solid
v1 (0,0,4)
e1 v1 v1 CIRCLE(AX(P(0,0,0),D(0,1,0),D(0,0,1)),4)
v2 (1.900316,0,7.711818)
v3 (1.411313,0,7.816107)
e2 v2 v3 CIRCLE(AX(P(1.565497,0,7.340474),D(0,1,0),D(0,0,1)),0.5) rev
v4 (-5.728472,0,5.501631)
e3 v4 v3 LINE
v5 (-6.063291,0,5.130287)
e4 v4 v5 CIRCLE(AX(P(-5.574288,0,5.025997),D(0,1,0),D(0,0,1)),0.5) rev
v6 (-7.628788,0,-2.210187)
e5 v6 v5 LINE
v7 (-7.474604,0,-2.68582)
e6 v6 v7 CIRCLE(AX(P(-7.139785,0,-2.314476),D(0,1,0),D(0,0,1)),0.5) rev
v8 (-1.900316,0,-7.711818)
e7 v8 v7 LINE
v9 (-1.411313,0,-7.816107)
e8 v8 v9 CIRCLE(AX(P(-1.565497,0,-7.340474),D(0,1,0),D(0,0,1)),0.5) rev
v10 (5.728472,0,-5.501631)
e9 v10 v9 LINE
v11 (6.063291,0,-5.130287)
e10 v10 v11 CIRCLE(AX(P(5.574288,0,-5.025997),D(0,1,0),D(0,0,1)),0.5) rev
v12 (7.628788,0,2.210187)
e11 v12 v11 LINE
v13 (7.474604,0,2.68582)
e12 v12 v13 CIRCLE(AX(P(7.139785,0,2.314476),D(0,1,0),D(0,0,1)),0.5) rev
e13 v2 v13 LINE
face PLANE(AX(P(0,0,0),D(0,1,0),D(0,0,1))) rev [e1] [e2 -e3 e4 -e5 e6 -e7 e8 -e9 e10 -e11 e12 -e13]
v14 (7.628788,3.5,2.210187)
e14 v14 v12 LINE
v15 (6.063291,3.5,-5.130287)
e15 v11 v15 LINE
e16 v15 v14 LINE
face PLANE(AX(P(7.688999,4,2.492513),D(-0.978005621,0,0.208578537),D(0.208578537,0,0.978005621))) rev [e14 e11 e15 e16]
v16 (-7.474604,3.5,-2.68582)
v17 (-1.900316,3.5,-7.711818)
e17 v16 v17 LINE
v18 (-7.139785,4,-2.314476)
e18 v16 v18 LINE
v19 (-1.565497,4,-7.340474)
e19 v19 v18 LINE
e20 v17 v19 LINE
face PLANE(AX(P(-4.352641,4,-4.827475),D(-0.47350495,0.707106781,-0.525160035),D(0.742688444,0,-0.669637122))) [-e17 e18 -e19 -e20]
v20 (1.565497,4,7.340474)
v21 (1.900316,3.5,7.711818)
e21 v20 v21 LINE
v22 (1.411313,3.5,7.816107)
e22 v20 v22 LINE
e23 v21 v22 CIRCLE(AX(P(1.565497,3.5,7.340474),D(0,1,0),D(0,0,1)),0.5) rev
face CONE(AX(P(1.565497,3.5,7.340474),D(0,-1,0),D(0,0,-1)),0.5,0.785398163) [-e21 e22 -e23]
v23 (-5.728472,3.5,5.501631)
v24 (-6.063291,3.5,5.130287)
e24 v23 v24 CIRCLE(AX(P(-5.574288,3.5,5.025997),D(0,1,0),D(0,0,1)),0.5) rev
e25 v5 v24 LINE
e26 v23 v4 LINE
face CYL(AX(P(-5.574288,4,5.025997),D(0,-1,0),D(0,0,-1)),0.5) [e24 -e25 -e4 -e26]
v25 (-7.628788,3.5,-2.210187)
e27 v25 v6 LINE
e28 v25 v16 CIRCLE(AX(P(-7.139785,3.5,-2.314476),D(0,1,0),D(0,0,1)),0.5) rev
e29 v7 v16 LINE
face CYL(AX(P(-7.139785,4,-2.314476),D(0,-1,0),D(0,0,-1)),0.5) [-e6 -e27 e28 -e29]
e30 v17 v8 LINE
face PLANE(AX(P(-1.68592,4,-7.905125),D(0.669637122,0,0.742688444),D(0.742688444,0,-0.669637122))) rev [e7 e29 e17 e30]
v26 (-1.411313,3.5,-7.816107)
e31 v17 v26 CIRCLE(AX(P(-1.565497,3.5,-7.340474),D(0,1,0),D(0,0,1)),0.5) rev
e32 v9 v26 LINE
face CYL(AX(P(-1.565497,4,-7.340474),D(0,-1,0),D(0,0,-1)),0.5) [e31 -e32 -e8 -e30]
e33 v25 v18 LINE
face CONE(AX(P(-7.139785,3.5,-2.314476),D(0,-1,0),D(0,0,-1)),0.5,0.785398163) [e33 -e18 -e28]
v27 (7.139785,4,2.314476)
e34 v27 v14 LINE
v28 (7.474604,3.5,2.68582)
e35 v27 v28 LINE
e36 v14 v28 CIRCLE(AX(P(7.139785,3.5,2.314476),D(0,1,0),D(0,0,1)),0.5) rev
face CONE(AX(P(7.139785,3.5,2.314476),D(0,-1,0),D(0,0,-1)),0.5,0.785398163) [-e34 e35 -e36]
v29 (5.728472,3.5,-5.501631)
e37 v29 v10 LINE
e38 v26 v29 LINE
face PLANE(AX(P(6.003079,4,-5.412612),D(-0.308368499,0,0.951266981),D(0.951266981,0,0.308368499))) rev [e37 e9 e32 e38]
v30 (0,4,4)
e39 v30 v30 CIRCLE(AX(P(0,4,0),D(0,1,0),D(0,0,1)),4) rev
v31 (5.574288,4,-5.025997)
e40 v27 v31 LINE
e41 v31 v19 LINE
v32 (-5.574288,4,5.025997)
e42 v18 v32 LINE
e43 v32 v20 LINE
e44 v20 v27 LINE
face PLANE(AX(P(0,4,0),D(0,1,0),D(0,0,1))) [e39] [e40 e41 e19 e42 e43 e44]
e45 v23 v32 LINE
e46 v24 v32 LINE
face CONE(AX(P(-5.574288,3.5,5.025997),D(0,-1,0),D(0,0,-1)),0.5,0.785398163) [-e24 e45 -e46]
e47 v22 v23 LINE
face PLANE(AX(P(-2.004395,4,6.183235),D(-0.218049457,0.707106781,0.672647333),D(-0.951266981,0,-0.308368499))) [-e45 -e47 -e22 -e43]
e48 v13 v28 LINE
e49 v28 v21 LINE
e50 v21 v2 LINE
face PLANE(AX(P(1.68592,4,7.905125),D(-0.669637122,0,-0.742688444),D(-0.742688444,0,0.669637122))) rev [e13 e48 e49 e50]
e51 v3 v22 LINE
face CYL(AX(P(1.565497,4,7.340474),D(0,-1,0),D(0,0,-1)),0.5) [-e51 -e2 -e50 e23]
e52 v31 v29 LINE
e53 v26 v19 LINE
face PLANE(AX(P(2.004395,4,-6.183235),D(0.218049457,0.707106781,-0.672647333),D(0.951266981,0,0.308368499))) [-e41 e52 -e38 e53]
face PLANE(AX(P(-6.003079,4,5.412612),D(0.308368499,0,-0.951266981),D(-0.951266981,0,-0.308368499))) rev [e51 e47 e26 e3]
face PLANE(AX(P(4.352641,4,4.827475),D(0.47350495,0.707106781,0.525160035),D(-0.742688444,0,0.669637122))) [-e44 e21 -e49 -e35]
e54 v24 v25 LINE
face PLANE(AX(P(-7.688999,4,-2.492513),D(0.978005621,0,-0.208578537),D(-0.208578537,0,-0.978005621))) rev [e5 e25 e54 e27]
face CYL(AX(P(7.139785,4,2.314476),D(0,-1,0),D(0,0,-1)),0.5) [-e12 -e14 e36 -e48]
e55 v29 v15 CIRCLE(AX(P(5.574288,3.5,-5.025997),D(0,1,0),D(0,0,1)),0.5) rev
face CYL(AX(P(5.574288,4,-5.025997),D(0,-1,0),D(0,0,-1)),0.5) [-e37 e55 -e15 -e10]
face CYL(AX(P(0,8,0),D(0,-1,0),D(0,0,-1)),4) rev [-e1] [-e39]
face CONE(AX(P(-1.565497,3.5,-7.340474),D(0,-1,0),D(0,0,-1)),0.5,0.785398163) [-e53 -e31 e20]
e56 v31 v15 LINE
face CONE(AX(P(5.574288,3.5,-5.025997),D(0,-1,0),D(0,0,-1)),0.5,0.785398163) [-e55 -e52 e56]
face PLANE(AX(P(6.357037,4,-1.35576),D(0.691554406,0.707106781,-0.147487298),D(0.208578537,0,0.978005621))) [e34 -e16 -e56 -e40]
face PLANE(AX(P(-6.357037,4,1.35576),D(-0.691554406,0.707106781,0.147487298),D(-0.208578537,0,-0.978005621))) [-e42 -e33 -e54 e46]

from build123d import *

# Parameters (mm, degrees)
BOSS_EXTRUDE1_DEPTH     = 4
FILLET1_R               = 0.5
CHAMFER1_SIZE           = 0.5
CUT_EXTRUDE1_DEPTH      = 4
CUT_EXTRUDE1_DEPTH_BACK = 4
SKETCH2_R               = 4


with BuildPart() as part:
    # Sketch1 → Boss-Extrude1 (new body)
    with BuildSketch(Plane(origin=(0, 0, 0), x_dir=(1, 0, 0), z_dir=(0, 1, 0))):
        Polygon((6.003079224, 5.412612415), (-1.68592024, 7.905125317), (-7.688999465, 2.492512902), (-6.003079224, -5.412612415), (1.68592024, -7.905125317), (7.688999465, -2.492512902), align=None)
    extrude(amount=BOSS_EXTRUDE1_DEPTH)

    # Fillet1
    fillet1_edges = [part.edges().sort_by_distance(p)[0] for p in [
        (7.688999465, 2, 2.492512902),
        (-6.003079224, 2, 5.412612415),
        (-7.688999465, 2, -2.492512902),
        (-1.68592024, 2, -7.905125317),
        (6.003079224, 2, -5.412612415),
        (1.68592024, 2, 7.905125317),
    ]]
    fillet(fillet1_edges, radius=FILLET1_R)

    # Chamfer1
    chamfer1_edges = [part.edges().sort_by_distance(p)[0] for p in [
        (2.158579492, 4, -6.658868866),
        (-1.669786634, 4, -7.829476319),
        (5.945632073, 4, -5.360815804),
        (-4.687459853, 4, -5.198819109),
        (6.846039345, 4, -1.460049757),
        (-7.615418708, 4, -2.468660515),
        (7.615418708, 4, 2.468660515),
        (-6.846039345, 4, 1.460049757),
        (4.687459853, 4, 5.198819109),
        (-5.945632073, 4, 5.360815804),
        (1.669786634, 4, 7.829476319),
        (-2.158579492, 4, 6.658868866),
    ]]
    chamfer(chamfer1_edges, length=CHAMFER1_SIZE)

    # Sketch2 → Cut-Extrude1 (cut, two sides: drawn at the far end of the back side and taken through both)
    with BuildSketch(Plane(origin=(0, 4, 0), x_dir=(1, 0, 0), z_dir=(0, 1, 0)).offset(-CUT_EXTRUDE1_DEPTH_BACK)):
        Circle(SKETCH2_R)
    extrude(amount=CUT_EXTRUDE1_DEPTH + CUT_EXTRUDE1_DEPTH_BACK, mode=Mode.SUBTRACT)


solid = part.part
